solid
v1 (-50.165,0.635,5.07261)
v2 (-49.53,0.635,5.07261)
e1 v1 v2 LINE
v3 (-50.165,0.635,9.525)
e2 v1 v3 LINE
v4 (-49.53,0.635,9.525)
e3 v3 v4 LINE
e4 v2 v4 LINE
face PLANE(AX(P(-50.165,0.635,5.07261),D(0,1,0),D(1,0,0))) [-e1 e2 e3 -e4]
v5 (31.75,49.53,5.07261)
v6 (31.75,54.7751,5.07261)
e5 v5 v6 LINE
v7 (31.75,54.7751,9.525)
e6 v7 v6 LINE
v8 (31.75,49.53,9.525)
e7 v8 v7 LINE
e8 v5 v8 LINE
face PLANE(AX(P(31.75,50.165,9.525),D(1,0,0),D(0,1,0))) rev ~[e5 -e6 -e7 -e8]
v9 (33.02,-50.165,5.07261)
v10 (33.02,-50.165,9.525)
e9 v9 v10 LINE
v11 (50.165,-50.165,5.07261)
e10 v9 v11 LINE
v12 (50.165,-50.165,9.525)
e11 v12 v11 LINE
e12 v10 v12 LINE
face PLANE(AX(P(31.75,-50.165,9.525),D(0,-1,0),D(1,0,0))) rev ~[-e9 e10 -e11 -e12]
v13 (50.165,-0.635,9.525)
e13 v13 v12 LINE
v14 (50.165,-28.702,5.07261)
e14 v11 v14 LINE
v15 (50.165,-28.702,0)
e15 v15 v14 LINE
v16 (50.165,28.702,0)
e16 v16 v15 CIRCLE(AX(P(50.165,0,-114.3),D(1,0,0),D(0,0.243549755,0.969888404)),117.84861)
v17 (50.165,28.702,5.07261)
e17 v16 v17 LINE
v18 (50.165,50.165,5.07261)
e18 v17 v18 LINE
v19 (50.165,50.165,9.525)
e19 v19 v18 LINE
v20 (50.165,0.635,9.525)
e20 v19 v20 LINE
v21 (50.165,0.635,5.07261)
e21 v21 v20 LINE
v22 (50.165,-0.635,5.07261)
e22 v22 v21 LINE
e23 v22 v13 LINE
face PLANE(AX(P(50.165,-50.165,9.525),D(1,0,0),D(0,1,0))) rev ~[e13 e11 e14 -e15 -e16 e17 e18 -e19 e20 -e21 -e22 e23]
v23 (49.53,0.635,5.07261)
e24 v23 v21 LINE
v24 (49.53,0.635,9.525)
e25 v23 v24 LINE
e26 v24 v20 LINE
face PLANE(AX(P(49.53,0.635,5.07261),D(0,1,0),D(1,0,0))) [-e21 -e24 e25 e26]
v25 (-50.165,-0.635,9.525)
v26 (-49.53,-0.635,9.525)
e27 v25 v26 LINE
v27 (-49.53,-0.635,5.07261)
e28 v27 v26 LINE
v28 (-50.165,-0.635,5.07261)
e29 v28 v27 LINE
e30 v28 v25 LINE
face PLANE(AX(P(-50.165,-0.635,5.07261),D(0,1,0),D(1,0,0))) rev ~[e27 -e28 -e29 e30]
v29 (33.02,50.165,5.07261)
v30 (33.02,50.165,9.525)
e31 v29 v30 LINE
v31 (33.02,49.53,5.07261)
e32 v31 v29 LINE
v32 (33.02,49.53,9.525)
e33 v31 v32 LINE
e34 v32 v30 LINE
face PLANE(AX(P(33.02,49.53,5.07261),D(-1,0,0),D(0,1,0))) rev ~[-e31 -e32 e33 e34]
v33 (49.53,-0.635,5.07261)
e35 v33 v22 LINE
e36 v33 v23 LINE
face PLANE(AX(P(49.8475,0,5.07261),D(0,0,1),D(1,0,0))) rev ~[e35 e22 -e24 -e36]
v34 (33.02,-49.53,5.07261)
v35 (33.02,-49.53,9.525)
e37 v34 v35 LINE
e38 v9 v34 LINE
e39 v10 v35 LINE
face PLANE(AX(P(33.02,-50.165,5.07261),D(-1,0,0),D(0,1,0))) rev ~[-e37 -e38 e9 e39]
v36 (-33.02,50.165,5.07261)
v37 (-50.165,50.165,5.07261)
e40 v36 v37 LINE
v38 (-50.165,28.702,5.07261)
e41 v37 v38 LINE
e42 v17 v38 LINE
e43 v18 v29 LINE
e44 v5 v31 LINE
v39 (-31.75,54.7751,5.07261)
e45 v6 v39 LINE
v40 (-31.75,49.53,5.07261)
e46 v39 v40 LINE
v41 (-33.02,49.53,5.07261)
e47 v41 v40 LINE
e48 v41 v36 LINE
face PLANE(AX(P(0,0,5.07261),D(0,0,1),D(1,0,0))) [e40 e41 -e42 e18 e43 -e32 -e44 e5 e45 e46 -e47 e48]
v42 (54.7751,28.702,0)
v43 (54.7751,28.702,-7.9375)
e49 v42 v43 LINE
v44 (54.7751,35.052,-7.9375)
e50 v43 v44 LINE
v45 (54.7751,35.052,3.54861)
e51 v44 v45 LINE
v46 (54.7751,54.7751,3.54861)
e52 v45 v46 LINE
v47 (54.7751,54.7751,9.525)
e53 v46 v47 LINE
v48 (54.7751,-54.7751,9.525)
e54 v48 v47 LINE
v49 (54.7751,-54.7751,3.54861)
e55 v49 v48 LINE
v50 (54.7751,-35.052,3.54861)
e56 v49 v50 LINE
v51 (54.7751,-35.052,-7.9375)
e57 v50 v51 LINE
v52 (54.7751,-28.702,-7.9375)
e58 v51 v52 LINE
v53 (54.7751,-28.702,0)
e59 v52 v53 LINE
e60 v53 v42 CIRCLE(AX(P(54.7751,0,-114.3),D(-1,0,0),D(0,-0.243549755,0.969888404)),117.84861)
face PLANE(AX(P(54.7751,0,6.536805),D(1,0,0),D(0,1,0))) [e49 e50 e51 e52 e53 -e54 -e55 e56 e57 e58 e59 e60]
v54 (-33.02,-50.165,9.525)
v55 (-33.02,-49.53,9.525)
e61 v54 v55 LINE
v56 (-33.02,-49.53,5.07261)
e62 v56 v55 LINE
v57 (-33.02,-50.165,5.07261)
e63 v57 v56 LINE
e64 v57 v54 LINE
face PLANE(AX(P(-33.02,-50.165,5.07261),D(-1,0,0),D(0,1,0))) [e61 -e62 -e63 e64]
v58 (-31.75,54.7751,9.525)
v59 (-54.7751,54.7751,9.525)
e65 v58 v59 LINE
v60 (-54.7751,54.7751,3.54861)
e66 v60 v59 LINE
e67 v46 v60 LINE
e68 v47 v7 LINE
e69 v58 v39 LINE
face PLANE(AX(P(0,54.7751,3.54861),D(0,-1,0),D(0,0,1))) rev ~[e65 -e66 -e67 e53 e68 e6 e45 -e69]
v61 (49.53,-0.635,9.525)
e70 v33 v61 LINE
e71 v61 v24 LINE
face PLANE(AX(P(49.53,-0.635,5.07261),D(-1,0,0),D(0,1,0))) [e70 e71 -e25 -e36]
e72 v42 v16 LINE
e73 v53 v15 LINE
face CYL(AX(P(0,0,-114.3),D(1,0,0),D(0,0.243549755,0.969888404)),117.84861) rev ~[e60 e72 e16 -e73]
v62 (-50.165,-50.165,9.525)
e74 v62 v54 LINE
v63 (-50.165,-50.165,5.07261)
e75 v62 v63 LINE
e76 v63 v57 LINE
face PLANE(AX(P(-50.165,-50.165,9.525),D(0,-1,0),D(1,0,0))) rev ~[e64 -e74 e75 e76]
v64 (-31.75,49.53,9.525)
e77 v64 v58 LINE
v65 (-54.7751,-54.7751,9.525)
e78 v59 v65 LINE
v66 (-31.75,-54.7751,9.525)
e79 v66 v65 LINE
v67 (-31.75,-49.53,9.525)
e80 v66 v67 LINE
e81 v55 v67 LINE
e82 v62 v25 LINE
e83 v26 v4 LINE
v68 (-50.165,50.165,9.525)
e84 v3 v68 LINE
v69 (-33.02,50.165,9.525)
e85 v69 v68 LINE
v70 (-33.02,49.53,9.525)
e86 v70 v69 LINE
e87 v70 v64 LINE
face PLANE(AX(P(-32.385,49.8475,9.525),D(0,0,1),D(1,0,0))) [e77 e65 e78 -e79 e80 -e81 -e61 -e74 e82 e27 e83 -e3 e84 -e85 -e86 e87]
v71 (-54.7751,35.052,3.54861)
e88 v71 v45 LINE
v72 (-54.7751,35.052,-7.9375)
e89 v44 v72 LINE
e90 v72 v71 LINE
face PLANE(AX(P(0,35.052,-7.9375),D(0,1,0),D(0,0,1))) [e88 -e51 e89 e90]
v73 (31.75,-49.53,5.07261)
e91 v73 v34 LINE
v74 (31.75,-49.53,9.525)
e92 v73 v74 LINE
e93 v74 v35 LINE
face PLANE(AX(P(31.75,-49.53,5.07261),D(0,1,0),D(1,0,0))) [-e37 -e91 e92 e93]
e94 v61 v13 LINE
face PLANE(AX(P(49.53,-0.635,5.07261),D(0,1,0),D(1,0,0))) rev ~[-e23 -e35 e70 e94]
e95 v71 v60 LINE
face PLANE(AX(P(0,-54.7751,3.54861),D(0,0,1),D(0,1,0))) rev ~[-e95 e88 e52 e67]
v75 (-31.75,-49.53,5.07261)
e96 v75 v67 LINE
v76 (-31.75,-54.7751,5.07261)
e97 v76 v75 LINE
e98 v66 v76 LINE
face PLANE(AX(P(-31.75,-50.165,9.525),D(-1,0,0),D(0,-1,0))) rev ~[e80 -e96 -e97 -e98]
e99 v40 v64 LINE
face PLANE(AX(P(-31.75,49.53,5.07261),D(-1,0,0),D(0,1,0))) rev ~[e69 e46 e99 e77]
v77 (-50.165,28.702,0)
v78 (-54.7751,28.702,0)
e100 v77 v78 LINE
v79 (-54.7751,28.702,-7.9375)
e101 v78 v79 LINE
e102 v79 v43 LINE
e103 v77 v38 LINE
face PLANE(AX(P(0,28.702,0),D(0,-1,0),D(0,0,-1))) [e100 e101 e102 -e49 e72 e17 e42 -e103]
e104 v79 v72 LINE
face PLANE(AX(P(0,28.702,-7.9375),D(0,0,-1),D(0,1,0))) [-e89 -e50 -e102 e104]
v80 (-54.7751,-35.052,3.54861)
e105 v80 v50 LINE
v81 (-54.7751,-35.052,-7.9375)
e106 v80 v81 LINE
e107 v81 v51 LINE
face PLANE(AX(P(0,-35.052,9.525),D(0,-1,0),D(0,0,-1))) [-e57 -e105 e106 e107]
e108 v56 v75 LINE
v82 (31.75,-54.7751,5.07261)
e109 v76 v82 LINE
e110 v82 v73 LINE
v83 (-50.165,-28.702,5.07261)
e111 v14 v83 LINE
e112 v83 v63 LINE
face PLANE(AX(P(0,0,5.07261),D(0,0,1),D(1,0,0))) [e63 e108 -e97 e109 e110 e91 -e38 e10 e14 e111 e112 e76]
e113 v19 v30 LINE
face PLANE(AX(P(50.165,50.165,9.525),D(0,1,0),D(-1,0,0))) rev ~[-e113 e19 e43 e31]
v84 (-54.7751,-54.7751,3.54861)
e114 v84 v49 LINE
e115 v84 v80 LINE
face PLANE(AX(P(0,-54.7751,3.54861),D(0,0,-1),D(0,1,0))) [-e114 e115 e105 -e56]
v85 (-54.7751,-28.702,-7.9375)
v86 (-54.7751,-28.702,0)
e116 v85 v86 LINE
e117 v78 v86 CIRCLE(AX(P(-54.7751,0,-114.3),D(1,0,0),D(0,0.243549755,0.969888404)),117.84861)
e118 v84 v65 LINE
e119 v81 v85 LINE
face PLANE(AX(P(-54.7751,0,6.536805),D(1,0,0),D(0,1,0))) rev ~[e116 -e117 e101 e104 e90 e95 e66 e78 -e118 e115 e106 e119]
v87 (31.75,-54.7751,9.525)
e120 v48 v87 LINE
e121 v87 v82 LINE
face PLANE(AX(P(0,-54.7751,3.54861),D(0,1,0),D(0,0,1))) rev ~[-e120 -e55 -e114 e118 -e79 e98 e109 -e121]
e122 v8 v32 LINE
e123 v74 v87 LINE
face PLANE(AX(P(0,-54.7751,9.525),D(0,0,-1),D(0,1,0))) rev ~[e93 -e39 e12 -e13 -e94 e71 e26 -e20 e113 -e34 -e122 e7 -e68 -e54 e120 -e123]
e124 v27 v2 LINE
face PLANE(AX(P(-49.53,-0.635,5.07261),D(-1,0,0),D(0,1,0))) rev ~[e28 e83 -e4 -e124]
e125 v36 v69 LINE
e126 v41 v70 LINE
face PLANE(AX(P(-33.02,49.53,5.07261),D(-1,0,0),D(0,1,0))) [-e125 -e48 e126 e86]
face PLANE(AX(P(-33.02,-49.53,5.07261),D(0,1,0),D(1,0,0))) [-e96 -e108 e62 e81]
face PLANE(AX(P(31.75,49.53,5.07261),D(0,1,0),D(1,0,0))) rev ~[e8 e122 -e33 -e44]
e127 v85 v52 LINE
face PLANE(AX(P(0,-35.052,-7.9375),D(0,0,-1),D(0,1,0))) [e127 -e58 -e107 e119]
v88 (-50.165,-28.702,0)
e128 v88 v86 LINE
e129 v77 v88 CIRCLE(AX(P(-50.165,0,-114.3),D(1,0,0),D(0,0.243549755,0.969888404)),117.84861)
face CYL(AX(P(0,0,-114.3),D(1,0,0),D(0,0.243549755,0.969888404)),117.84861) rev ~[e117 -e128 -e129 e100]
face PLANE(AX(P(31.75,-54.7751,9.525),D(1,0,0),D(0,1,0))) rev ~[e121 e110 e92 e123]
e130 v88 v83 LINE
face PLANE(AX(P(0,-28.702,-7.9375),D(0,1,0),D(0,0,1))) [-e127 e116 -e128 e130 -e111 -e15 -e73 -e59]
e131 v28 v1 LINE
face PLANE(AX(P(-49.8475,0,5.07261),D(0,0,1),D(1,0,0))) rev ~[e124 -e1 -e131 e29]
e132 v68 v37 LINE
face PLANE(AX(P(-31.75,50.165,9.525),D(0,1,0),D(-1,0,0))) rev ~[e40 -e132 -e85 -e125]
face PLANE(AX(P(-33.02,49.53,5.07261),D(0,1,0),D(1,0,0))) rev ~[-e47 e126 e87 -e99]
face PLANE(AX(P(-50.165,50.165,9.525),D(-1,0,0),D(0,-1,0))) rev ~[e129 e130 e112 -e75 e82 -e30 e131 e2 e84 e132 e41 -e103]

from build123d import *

# Parameters (mm, degrees)
F1_DEPTH      = 54.7751
F1_DEPTH_BACK = 54.7751
F3_DEPTH      = 54.7761
F3_DEPTH_BACK = 54.7761
F4_W          = 109.5502
F4_H          = 5.9763903179
F5_DEPTH      = 54.7751
F5_DEPTH_BACK = 54.7751
F7_DEPTH      = 4.4523903179
F8_W          = 57.404
F8_H          = 17.4625
F9_DEPTH      = 50.165
F9_DEPTH_BACK = 50.165
F10_W         = 1.27
F10_H         = 0.635
F10_W_2       = 0.635
F10_H_2       = 1.27
F11_DEPTH     = 4.4523903179


with BuildPart() as f1:
    # F0 (on Right) → F1 (new body, two sides)
    with BuildSketch(Plane.YZ) as f1_sk:
        Polygon((35.052, 9.525), (-35.052, 9.525), (-35.052, -7.9375), (-28.702, -7.9375), (-28.702, 0), (28.702, 0), (28.702, -7.9375), (35.052, -7.9375), align=None)
    extrude(amount=F1_DEPTH)
    extrude(f1_sk.sketch, amount=-F1_DEPTH_BACK)

    # F2 (on Right) → F3 (cut, two sides)
    with BuildSketch(Plane.YZ) as f3_sk:
        with BuildLine():
            ThreePointArc((28.702, 0), (0, 3.5486096821), (-28.702, 0))
            Line((-28.702, 0), (28.702, 0))
        make_face()
    extrude(amount=F3_DEPTH, mode=Mode.SUBTRACT)
    extrude(f3_sk.sketch, amount=-F3_DEPTH_BACK, mode=Mode.SUBTRACT)

    # F4 (on Right) → F5 (join, two sides)
    with BuildSketch(Plane.YZ) as f5_sk:
        with Locations((0, 6.536804841)):
            Rectangle(F4_W, F4_H)
    extrude(amount=F5_DEPTH)
    extrude(f5_sk.sketch, amount=-F5_DEPTH_BACK)

    # F6 (on face) → F7 (cut, through all)
    with BuildSketch(Plane.XY.offset(9.525)):
        Polygon((50.165, -50.165), (50.165, 50.165), (31.75, 50.165), (31.75, 54.7751), (-31.75, 54.7751), (-31.75, 50.165), (-50.165, 50.165), (-50.165, -50.165), (-31.75, -50.165), (-31.75, -54.7751), (31.75, -54.7751), (31.75, -50.165), align=None)
    extrude(amount=-F7_DEPTH, mode=Mode.SUBTRACT)

    # F8 (on Right) → F9 (cut, two sides)
    with BuildSketch(Plane.YZ) as f9_sk:
        with Locations((0, 0.79375)):
            Rectangle(F8_W, F8_H)
    extrude(amount=F9_DEPTH, mode=Mode.SUBTRACT)
    extrude(f9_sk.sketch, amount=-F9_DEPTH_BACK, mode=Mode.SUBTRACT)

    # F10 (on face) → F11 (join, through all)
    with BuildSketch(Plane.XY.offset(5.0726096821)):
        with Locations((-32.385, 49.8475)):
            Rectangle(F10_W, F10_H)
        with Locations((32.385, 49.8475)):
            Rectangle(F10_W, F10_H)
        with Locations((-32.385, -49.8475)):
            Rectangle(F10_W, F10_H)
        with Locations((32.385, -49.8475)):
            Rectangle(F10_W, F10_H)
        with Locations((-49.8475, 0)):
            Rectangle(F10_W_2, F10_H_2)
        with Locations((49.8475, 0)):
            Rectangle(F10_W_2, F10_H_2)
    extrude(amount=F11_DEPTH)


solid = f1.part
